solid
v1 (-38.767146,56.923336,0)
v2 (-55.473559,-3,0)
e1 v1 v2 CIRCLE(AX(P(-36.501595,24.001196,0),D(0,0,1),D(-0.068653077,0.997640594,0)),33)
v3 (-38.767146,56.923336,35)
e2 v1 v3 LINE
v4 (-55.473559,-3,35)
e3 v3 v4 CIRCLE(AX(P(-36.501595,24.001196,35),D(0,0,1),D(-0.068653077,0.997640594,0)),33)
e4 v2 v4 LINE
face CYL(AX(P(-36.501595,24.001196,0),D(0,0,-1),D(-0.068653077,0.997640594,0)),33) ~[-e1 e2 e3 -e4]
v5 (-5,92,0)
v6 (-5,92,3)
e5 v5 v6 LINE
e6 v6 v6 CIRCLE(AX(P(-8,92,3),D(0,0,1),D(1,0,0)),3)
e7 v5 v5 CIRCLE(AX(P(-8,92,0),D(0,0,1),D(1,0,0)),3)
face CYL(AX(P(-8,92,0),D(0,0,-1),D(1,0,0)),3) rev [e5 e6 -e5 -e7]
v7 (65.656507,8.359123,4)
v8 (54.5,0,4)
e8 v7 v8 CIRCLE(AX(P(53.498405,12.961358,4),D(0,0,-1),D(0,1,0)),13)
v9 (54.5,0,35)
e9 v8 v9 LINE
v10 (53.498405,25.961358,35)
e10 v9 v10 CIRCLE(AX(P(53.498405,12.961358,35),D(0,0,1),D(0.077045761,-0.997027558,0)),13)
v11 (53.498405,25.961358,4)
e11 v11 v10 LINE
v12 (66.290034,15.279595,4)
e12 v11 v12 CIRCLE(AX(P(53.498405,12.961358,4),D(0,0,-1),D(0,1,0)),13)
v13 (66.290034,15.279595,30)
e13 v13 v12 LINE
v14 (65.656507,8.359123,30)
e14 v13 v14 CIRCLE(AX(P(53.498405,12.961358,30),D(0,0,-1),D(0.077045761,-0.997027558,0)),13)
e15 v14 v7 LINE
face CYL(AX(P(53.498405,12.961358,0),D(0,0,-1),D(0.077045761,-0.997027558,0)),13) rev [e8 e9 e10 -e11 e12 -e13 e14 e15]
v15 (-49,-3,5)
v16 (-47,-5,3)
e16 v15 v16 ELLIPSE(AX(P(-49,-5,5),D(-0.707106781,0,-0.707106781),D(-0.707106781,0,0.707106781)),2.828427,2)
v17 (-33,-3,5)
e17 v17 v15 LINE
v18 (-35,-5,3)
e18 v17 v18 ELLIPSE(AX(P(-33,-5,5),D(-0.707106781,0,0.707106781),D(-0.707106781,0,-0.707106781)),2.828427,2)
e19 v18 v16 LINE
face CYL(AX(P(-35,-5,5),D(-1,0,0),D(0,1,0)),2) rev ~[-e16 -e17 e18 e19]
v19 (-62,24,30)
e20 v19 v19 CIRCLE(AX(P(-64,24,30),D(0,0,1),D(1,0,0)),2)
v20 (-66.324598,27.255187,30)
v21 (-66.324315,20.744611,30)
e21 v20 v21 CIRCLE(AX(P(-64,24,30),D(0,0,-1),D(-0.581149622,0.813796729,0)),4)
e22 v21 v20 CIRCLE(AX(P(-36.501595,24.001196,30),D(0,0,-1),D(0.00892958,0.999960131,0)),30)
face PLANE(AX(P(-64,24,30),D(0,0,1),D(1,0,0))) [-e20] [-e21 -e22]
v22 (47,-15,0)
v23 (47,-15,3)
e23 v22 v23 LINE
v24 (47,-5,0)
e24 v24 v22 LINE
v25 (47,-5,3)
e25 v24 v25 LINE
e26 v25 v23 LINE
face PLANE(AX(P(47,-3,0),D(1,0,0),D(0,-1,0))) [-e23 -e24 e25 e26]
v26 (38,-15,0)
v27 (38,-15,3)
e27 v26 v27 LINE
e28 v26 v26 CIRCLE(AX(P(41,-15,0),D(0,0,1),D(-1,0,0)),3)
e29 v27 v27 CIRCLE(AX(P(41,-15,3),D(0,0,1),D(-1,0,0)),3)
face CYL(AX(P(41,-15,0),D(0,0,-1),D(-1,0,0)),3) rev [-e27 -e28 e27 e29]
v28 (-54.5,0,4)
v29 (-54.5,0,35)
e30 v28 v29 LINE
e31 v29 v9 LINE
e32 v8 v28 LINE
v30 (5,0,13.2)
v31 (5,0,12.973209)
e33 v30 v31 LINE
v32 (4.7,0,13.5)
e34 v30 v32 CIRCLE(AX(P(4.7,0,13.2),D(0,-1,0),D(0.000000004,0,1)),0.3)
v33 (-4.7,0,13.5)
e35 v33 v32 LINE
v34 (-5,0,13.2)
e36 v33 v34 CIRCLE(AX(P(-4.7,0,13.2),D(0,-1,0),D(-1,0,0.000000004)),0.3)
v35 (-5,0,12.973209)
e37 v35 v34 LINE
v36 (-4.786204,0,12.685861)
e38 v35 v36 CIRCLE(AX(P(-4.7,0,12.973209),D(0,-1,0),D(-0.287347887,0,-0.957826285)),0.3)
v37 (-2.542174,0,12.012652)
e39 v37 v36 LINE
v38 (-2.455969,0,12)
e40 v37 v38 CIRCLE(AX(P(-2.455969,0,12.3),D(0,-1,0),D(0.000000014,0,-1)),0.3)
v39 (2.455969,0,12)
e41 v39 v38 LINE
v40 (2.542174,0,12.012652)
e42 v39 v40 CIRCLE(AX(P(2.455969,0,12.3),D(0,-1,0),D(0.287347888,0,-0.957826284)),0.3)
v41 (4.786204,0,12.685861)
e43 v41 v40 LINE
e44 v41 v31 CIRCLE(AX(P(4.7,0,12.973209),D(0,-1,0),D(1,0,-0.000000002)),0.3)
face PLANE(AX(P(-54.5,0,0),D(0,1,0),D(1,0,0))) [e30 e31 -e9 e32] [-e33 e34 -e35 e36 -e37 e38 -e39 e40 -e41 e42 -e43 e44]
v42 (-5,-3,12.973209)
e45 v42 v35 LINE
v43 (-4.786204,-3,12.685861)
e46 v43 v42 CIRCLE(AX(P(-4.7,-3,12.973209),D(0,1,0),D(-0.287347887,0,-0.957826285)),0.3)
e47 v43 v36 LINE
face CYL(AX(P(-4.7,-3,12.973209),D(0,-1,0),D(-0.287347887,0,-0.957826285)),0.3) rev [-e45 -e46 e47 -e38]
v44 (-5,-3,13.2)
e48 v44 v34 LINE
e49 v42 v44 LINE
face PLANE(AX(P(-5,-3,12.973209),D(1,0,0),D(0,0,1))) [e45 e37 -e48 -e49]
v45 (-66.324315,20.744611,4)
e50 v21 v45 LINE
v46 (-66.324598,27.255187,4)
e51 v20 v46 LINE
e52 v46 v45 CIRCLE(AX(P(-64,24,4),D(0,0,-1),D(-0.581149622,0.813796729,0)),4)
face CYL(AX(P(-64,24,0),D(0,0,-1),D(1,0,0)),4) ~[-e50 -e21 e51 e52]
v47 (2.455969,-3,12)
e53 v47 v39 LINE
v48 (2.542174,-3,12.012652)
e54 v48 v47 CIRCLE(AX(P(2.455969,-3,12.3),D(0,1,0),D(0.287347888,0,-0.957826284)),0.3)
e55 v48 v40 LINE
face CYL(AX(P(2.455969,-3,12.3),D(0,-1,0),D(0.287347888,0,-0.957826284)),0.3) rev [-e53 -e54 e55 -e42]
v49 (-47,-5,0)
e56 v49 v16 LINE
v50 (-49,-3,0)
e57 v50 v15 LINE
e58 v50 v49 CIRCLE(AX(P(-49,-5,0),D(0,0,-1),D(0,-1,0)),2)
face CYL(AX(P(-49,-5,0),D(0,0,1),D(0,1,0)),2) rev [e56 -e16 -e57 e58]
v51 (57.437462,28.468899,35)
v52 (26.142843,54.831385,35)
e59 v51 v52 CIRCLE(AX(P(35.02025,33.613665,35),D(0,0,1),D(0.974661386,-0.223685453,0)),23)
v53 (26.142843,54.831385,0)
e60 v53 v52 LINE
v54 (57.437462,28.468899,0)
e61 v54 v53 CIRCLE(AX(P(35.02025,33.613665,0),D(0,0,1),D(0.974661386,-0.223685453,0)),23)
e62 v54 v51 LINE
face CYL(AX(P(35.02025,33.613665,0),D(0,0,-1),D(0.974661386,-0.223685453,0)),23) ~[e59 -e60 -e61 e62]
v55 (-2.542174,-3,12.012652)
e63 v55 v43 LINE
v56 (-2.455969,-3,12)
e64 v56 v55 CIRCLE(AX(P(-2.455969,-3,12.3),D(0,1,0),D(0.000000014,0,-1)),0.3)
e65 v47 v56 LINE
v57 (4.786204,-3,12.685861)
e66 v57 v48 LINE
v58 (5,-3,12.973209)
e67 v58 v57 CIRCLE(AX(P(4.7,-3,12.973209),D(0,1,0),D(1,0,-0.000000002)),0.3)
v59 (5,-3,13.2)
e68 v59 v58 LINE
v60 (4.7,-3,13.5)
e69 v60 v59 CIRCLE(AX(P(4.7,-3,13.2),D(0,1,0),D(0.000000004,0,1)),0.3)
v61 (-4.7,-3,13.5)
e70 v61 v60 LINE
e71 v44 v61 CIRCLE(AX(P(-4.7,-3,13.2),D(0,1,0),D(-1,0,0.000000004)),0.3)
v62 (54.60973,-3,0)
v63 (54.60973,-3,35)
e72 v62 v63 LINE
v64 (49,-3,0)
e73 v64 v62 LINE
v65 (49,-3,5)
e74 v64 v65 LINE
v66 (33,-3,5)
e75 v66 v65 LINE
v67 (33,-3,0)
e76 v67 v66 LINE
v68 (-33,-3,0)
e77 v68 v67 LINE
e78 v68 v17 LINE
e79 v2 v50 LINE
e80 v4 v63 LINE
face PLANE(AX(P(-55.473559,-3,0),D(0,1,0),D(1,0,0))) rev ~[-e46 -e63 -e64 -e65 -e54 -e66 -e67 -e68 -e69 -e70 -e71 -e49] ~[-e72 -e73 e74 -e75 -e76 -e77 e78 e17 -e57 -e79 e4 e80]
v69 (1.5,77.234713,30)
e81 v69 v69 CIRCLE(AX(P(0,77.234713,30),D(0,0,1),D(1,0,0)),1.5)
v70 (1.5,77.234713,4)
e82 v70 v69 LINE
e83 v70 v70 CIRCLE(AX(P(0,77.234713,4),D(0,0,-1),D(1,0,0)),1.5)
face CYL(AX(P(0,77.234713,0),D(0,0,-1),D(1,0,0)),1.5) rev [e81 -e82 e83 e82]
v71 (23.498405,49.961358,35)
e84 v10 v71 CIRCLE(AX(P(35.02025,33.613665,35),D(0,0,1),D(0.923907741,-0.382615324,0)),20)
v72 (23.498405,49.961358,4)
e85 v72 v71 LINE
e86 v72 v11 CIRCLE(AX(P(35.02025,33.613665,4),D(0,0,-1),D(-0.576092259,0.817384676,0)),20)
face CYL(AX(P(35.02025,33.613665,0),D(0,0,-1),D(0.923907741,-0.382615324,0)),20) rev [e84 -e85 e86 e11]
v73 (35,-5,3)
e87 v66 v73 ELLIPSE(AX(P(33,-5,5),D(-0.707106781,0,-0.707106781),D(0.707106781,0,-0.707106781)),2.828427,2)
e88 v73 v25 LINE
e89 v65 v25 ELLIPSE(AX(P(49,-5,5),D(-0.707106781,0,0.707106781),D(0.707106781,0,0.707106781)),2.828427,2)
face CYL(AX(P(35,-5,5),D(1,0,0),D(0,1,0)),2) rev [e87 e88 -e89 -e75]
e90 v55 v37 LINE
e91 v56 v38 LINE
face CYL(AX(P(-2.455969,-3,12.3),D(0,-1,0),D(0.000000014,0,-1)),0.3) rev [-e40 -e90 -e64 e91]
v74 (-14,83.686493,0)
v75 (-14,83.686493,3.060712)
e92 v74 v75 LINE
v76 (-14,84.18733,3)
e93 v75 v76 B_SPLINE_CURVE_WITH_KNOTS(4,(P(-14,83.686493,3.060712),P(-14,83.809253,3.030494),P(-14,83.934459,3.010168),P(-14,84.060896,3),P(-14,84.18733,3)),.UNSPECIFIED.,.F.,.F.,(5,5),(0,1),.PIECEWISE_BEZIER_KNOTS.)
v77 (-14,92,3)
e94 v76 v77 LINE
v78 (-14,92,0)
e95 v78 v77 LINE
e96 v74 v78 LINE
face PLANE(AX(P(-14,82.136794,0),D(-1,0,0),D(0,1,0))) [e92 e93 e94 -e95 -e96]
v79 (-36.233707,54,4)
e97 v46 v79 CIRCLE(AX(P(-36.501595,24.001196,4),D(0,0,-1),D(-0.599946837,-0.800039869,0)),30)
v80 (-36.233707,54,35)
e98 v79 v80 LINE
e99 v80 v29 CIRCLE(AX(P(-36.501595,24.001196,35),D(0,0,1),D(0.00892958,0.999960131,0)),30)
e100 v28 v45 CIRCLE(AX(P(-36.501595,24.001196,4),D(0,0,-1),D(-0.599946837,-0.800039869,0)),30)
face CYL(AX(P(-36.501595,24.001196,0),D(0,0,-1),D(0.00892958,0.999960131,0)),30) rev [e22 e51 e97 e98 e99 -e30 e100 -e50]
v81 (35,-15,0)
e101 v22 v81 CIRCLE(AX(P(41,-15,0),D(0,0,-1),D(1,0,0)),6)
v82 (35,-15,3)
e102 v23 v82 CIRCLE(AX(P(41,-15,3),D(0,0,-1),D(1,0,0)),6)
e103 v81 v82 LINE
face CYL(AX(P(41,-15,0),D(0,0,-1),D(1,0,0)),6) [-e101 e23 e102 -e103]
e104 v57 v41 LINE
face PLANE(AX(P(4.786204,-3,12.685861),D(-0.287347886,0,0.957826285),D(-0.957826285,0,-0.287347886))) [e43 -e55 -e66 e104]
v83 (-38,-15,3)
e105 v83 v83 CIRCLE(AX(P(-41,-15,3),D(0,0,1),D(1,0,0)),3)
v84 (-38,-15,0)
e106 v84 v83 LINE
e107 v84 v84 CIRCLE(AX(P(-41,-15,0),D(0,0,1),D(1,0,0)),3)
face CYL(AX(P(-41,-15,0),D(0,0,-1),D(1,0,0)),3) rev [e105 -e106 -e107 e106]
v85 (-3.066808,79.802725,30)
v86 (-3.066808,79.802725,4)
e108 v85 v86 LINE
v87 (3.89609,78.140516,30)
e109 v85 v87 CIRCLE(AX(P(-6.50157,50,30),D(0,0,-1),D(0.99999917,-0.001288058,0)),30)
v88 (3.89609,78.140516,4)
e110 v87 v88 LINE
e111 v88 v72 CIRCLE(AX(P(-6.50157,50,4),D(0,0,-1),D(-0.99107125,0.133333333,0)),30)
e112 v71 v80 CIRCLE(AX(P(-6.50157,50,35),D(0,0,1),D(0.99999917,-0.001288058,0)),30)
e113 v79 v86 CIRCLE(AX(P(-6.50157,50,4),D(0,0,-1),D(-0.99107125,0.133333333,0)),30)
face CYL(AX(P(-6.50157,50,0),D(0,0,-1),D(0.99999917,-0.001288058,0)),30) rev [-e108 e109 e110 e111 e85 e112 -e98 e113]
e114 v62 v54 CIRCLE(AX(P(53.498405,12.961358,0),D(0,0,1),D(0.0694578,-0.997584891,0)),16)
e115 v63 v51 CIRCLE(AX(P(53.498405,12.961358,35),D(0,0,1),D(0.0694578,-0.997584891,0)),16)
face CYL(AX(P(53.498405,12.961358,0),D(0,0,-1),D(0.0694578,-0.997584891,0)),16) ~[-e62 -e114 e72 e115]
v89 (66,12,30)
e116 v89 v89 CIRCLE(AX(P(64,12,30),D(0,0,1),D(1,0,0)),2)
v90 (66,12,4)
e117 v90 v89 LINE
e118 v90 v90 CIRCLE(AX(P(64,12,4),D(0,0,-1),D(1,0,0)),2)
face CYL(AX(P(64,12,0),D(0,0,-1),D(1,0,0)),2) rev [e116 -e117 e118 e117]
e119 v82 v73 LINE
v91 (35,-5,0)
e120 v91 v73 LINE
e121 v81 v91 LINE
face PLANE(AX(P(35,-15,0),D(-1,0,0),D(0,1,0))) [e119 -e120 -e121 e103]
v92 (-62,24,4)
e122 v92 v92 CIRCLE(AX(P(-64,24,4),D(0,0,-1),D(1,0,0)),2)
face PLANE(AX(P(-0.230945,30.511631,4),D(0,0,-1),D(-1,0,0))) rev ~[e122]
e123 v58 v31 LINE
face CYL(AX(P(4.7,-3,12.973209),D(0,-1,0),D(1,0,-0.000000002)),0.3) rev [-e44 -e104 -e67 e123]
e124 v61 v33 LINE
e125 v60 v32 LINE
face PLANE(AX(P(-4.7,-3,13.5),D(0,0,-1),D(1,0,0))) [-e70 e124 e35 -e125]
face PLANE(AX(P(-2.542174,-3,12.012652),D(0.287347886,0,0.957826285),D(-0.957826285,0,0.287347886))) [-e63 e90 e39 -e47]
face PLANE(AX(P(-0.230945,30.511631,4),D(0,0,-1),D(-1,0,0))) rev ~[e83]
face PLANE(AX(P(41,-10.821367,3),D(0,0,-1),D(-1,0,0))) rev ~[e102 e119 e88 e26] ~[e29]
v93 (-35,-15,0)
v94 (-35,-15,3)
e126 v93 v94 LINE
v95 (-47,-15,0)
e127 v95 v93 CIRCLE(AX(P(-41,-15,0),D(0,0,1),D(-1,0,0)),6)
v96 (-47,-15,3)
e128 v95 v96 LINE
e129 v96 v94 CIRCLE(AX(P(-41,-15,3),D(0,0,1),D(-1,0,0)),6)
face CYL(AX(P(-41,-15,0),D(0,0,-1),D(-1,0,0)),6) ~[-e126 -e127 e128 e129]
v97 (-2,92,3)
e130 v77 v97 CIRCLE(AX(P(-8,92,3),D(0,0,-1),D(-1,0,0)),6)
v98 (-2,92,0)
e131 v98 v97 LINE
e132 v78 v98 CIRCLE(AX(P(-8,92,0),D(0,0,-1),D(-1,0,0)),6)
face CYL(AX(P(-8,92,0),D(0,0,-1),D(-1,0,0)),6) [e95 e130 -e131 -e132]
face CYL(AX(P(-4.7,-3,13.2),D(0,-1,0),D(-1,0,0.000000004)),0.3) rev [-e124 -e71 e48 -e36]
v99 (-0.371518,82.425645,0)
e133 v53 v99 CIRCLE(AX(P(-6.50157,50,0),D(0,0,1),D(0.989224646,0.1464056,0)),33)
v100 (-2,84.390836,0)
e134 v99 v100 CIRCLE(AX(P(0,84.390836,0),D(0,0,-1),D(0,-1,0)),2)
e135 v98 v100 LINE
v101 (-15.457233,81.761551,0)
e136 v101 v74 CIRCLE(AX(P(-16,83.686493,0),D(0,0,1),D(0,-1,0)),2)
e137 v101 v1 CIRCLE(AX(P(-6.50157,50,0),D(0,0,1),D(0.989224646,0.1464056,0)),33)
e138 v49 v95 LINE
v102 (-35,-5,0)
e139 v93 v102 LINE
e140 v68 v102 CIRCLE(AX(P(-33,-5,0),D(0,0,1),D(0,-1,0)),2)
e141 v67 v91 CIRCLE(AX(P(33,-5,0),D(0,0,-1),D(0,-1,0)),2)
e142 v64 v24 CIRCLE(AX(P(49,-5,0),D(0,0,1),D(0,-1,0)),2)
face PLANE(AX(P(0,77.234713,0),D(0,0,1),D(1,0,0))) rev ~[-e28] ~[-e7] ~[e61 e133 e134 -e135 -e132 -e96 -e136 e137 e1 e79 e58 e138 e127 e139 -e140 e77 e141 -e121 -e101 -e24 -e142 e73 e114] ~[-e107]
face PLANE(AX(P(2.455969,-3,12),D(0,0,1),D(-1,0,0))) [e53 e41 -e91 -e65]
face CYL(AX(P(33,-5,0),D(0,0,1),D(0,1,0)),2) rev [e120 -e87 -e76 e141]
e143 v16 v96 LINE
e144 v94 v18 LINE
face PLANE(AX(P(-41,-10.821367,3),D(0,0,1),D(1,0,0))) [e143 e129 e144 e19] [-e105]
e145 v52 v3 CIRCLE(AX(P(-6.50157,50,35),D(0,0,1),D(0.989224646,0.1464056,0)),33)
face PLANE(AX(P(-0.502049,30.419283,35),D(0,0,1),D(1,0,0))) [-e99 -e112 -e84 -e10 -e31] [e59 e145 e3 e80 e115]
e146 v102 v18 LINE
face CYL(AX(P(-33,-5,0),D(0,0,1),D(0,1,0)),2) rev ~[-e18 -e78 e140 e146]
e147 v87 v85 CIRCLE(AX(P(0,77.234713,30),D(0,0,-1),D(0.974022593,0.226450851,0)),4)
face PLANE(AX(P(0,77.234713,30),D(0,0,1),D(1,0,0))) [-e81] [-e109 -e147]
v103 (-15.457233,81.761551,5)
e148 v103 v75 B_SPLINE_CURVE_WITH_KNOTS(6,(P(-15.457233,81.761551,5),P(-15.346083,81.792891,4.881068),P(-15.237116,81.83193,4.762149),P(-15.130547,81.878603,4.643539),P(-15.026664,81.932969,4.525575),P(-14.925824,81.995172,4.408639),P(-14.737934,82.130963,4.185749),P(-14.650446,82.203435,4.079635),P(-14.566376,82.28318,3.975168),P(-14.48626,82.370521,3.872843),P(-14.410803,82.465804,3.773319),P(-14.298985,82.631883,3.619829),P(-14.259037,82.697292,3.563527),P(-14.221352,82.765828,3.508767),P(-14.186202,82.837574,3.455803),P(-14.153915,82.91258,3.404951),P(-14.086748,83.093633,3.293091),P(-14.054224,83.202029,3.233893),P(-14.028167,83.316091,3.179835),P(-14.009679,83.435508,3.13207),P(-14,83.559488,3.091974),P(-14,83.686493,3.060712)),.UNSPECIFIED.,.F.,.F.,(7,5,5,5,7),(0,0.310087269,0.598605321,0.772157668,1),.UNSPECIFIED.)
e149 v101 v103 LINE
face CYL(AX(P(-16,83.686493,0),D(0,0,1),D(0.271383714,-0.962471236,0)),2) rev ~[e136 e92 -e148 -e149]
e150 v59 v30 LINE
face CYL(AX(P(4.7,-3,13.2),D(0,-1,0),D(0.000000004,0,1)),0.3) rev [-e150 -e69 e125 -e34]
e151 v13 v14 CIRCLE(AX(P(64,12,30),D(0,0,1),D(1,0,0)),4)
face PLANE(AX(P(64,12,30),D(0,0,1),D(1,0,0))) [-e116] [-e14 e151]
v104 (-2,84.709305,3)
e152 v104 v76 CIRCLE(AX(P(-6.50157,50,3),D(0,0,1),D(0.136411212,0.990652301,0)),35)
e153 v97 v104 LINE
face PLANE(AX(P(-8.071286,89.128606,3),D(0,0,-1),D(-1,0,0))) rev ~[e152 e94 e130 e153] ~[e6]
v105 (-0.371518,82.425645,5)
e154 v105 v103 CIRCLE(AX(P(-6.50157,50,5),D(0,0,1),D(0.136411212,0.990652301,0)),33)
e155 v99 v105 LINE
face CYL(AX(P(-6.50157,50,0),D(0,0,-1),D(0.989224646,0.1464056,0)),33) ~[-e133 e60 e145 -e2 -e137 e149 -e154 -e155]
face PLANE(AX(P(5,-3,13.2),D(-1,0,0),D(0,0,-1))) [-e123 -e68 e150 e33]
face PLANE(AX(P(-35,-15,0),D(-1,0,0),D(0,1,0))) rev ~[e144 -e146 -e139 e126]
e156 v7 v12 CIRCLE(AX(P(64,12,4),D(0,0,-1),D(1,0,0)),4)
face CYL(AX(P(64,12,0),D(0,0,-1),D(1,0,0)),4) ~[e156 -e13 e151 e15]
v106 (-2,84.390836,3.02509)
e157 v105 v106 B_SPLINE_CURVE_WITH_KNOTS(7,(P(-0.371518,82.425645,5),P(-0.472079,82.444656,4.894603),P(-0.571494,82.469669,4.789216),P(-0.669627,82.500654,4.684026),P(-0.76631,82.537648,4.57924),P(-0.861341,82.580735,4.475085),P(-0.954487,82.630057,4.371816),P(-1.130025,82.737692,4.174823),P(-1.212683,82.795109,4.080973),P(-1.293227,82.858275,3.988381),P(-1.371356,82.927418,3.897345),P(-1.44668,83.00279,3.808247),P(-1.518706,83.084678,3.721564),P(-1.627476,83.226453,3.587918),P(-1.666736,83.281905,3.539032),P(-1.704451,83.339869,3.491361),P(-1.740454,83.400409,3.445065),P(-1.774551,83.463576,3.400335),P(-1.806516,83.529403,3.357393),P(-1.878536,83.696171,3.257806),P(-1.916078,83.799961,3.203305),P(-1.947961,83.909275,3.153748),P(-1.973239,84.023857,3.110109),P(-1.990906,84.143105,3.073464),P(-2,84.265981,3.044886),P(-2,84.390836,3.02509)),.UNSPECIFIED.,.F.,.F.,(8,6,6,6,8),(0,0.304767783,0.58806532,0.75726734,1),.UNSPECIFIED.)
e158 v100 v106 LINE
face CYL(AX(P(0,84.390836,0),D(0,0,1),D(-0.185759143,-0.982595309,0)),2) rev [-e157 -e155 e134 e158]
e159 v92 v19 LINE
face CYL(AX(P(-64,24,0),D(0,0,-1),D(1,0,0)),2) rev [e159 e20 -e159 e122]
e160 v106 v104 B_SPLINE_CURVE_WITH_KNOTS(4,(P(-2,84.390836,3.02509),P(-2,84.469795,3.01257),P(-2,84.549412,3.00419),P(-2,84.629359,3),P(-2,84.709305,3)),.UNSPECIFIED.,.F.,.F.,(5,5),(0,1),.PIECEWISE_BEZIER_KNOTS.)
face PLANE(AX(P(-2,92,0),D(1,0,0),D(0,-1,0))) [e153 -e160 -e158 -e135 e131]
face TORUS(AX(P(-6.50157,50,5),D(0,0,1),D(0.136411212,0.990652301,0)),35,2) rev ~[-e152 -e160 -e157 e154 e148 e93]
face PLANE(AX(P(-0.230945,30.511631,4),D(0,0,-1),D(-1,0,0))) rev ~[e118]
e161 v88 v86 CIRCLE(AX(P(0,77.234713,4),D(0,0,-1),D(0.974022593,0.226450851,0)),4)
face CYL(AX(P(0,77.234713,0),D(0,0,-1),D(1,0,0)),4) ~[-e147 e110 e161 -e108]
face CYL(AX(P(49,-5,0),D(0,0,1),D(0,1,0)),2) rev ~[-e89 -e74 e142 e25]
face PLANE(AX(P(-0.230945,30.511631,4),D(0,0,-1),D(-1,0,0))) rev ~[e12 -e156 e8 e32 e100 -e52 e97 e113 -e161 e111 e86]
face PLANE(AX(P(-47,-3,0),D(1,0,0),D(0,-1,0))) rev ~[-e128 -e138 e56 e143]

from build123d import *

# Parameters (mm, degrees)
BOSS_EXTRU_1_DEPTH      = 4
BOSS_EXTRU_3_DEPTH      = 35
ESQUISSE2_R             = 3
BOSS_EXTRU_2_DEPTH      = 3
ENL_V_MAT_EXTRU_1_REACH = 129.501
CONG_1_R                = 2
ESQUISSE7_R             = 4
ESQUISSE7_R_2           = 1.5
ESQUISSE7_R_3           = 2
BOSS_EXTRU_5_DEPTH      = 30


with BuildPart() as part:
    # Esquisse1 → Boss.-Extru.1 (new body)
    with BuildSketch(Plane.XY):
        with BuildLine():
            Line((54.5, 0), (-54.5, 0))
            ThreePointArc((-54.5, 0), (-64.919772429, 33.614061701), (-36.233707498, 54))
            ThreePointArc((-36.233707498, 54), (-4.477813337, 79.931662315), (23.49840511, 49.96135825))
            ThreePointArc((23.49840511, 49.96135825), (47.514151238, 49.231040909), (53.49840511, 25.96135825))
            ThreePointArc((53.49840511, 25.96135825), (66.48874108, 13.462528258), (54.5, 0))
        make_face()
    extrude(amount=BOSS_EXTRU_1_DEPTH)

    # Esquisse4 → Boss.-Extru.3 (add)
    with BuildSketch(Plane.XY):
        with BuildLine():
            Line((-55.473558679, -3), (54.609729917, -3))
            ThreePointArc((54.609729917, -3), (69.434198001, 11.529399821), (57.437462173, 28.468899301))
            ThreePointArc((57.437462173, 28.468899301), (49.838372291, 51.204095649), (26.142843315, 54.831384802))
            ThreePointArc((26.142843315, 54.831384802), (-5.438581775, 82.982875193), (-38.767146442, 56.92333569))
            ThreePointArc((-38.767146442, 56.92333569), (-68.289321366, 32.863500835), (-55.473558679, -3))
        make_face()
        with BuildLine():
            Line((-54.5, 0), (54.5, 0))
            ThreePointArc((54.5, 0), (66.48874108, 13.462528258), (53.49840511, 25.96135825))
            ThreePointArc((53.49840511, 25.96135825), (47.514151238, 49.231040909), (23.49840511, 49.96135825))
            ThreePointArc((23.49840511, 49.96135825), (-4.477813337, 79.931662315), (-36.233707498, 54))
            ThreePointArc((-36.233707498, 54), (-64.919772429, 33.614061701), (-54.5, 0))
        make_face(mode=Mode.SUBTRACT)
    extrude(amount=BOSS_EXTRU_3_DEPTH)

    # Esquisse2 → Boss.-Extru.2 (add)
    # profile 1 of 3: a face of its own
    with BuildSketch(Plane.XY):
        with BuildLine():
            Line((-47, -3), (-47, -15))
            ThreePointArc((-47, -15), (-41, -21), (-35, -15))
            Line((-35, -15), (-35, -3))
            Line((-35, -3), (-47, -3))
        make_face()
        with Locations((-41, -15)):
            Circle(ESQUISSE2_R, mode=Mode.SUBTRACT)
    # profile 2 of 3: a face of its own
    with BuildSketch(Plane.XY):
        with BuildLine():
            Line((35, -15), (35, -3))
            Line((35, -3), (47, -3))
            Line((47, -3), (47, -15))
            ThreePointArc((47, -15), (41, -21), (35, -15))
        make_face()
        with Locations(Location((41, -15, 0), (0, 0, 180))):
            Circle(ESQUISSE2_R, mode=Mode.SUBTRACT)
    # profile 3 of 3: a face of its own
    with BuildSketch(Plane.XY):
        with BuildLine():
            Line((-14, 82.136794295), (-14, 92))
            ThreePointArc((-14, 92), (-8, 98), (-2, 92))
            Line((-2, 92), (-2, 82.691525928))
            ThreePointArc((-2, 82.691525928), (-8.025454596, 82.964796006), (-14, 82.136794295))
        make_face()
        with Locations((-8, 92)):
            Circle(ESQUISSE2_R, mode=Mode.SUBTRACT)
    extrude(amount=BOSS_EXTRU_2_DEPTH)

    # Esquisse6 → Enlèv. mat.-Extru.1 (cut, up to next)
    with BuildSketch(Plane.XZ.offset(3), mode=Mode.PRIVATE) as enl_v_mat_extru_1_sk1:
        with BuildLine():
            Line((2.455969349, 12), (-2.455969349, 12))
            ThreePointArc((-2.455969349, 12), (-2.499533293, 12.003179881), (-2.542173715, 12.012652114))
            Line((-2.542173715, 12.012652114), (-4.786204366, 12.68586131))
            ThreePointArc((-4.786204366, 12.68586131), (-4.940687878, 12.794130036), (-5, 12.973209195))
            Line((-5, 12.973209195), (-5, 13.2))
            ThreePointArc((-5, 13.2), (-4.912132034, 13.412132034), (-4.7, 13.5))
            Line((-4.7, 13.5), (4.7, 13.5))
            ThreePointArc((4.7, 13.5), (4.912132034, 13.412132034), (5, 13.2))
            Line((5, 13.2), (5, 12.973209195))
            ThreePointArc((5, 12.973209195), (4.940687878, 12.794130036), (4.786204366, 12.68586131))
            Line((4.786204366, 12.68586131), (2.542173715, 12.012652114))
            ThreePointArc((2.542173715, 12.012652114), (2.499533293, 12.003179881), (2.455969349, 12))
        make_face()
    enl_v_mat_extru_1_tool1 = extrude(enl_v_mat_extru_1_sk1.sketch, amount=-ENL_V_MAT_EXTRU_1_REACH, mode=Mode.PRIVATE) & part.part
    add(enl_v_mat_extru_1_tool1.solids().sort_by_distance((0, -3, 12.819686))[0], mode=Mode.SUBTRACT)

    # Congé1
    cong_1_edges = [part.edges().sort_by_distance(p)[0] for p in [
        (-41, -3, 3),
        (-35, -3, 1.5),
        (-47, -3, 1.5),
        (-8.025454596, 82.964796006, 3),
        (-14, 82.136794295, 1.5),
        (-2, 82.691525928, 1.5),
        (41, -3, 3),
        (47, -3, 1.5),
        (35, -3, 1.5),
    ]]
    fillet(cong_1_edges, radius=CONG_1_R)

    # Esquisse7 → Boss.-Extru.5 (add)
    # profile 1 of 3: a face of its own
    with BuildSketch(Plane.XY):
        with Locations((0, 77.234712914)):
            Circle(ESQUISSE7_R)
        with Locations((0, 77.234712914)):
            Circle(ESQUISSE7_R_2, mode=Mode.SUBTRACT)
    # profile 2 of 3: a face of its own
    with BuildSketch(Plane.XY):
        with Locations((-64, 24)):
            Circle(ESQUISSE7_R)
        with Locations((-64, 24)):
            Circle(ESQUISSE7_R_3, mode=Mode.SUBTRACT)
    # profile 3 of 3: a face of its own
    with BuildSketch(Plane.XY):
        with Locations((64, 12)):
            Circle(ESQUISSE7_R)
        with Locations((64, 12)):
            Circle(ESQUISSE7_R_3, mode=Mode.SUBTRACT)
    extrude(amount=BOSS_EXTRU_5_DEPTH)


solid = part.part
